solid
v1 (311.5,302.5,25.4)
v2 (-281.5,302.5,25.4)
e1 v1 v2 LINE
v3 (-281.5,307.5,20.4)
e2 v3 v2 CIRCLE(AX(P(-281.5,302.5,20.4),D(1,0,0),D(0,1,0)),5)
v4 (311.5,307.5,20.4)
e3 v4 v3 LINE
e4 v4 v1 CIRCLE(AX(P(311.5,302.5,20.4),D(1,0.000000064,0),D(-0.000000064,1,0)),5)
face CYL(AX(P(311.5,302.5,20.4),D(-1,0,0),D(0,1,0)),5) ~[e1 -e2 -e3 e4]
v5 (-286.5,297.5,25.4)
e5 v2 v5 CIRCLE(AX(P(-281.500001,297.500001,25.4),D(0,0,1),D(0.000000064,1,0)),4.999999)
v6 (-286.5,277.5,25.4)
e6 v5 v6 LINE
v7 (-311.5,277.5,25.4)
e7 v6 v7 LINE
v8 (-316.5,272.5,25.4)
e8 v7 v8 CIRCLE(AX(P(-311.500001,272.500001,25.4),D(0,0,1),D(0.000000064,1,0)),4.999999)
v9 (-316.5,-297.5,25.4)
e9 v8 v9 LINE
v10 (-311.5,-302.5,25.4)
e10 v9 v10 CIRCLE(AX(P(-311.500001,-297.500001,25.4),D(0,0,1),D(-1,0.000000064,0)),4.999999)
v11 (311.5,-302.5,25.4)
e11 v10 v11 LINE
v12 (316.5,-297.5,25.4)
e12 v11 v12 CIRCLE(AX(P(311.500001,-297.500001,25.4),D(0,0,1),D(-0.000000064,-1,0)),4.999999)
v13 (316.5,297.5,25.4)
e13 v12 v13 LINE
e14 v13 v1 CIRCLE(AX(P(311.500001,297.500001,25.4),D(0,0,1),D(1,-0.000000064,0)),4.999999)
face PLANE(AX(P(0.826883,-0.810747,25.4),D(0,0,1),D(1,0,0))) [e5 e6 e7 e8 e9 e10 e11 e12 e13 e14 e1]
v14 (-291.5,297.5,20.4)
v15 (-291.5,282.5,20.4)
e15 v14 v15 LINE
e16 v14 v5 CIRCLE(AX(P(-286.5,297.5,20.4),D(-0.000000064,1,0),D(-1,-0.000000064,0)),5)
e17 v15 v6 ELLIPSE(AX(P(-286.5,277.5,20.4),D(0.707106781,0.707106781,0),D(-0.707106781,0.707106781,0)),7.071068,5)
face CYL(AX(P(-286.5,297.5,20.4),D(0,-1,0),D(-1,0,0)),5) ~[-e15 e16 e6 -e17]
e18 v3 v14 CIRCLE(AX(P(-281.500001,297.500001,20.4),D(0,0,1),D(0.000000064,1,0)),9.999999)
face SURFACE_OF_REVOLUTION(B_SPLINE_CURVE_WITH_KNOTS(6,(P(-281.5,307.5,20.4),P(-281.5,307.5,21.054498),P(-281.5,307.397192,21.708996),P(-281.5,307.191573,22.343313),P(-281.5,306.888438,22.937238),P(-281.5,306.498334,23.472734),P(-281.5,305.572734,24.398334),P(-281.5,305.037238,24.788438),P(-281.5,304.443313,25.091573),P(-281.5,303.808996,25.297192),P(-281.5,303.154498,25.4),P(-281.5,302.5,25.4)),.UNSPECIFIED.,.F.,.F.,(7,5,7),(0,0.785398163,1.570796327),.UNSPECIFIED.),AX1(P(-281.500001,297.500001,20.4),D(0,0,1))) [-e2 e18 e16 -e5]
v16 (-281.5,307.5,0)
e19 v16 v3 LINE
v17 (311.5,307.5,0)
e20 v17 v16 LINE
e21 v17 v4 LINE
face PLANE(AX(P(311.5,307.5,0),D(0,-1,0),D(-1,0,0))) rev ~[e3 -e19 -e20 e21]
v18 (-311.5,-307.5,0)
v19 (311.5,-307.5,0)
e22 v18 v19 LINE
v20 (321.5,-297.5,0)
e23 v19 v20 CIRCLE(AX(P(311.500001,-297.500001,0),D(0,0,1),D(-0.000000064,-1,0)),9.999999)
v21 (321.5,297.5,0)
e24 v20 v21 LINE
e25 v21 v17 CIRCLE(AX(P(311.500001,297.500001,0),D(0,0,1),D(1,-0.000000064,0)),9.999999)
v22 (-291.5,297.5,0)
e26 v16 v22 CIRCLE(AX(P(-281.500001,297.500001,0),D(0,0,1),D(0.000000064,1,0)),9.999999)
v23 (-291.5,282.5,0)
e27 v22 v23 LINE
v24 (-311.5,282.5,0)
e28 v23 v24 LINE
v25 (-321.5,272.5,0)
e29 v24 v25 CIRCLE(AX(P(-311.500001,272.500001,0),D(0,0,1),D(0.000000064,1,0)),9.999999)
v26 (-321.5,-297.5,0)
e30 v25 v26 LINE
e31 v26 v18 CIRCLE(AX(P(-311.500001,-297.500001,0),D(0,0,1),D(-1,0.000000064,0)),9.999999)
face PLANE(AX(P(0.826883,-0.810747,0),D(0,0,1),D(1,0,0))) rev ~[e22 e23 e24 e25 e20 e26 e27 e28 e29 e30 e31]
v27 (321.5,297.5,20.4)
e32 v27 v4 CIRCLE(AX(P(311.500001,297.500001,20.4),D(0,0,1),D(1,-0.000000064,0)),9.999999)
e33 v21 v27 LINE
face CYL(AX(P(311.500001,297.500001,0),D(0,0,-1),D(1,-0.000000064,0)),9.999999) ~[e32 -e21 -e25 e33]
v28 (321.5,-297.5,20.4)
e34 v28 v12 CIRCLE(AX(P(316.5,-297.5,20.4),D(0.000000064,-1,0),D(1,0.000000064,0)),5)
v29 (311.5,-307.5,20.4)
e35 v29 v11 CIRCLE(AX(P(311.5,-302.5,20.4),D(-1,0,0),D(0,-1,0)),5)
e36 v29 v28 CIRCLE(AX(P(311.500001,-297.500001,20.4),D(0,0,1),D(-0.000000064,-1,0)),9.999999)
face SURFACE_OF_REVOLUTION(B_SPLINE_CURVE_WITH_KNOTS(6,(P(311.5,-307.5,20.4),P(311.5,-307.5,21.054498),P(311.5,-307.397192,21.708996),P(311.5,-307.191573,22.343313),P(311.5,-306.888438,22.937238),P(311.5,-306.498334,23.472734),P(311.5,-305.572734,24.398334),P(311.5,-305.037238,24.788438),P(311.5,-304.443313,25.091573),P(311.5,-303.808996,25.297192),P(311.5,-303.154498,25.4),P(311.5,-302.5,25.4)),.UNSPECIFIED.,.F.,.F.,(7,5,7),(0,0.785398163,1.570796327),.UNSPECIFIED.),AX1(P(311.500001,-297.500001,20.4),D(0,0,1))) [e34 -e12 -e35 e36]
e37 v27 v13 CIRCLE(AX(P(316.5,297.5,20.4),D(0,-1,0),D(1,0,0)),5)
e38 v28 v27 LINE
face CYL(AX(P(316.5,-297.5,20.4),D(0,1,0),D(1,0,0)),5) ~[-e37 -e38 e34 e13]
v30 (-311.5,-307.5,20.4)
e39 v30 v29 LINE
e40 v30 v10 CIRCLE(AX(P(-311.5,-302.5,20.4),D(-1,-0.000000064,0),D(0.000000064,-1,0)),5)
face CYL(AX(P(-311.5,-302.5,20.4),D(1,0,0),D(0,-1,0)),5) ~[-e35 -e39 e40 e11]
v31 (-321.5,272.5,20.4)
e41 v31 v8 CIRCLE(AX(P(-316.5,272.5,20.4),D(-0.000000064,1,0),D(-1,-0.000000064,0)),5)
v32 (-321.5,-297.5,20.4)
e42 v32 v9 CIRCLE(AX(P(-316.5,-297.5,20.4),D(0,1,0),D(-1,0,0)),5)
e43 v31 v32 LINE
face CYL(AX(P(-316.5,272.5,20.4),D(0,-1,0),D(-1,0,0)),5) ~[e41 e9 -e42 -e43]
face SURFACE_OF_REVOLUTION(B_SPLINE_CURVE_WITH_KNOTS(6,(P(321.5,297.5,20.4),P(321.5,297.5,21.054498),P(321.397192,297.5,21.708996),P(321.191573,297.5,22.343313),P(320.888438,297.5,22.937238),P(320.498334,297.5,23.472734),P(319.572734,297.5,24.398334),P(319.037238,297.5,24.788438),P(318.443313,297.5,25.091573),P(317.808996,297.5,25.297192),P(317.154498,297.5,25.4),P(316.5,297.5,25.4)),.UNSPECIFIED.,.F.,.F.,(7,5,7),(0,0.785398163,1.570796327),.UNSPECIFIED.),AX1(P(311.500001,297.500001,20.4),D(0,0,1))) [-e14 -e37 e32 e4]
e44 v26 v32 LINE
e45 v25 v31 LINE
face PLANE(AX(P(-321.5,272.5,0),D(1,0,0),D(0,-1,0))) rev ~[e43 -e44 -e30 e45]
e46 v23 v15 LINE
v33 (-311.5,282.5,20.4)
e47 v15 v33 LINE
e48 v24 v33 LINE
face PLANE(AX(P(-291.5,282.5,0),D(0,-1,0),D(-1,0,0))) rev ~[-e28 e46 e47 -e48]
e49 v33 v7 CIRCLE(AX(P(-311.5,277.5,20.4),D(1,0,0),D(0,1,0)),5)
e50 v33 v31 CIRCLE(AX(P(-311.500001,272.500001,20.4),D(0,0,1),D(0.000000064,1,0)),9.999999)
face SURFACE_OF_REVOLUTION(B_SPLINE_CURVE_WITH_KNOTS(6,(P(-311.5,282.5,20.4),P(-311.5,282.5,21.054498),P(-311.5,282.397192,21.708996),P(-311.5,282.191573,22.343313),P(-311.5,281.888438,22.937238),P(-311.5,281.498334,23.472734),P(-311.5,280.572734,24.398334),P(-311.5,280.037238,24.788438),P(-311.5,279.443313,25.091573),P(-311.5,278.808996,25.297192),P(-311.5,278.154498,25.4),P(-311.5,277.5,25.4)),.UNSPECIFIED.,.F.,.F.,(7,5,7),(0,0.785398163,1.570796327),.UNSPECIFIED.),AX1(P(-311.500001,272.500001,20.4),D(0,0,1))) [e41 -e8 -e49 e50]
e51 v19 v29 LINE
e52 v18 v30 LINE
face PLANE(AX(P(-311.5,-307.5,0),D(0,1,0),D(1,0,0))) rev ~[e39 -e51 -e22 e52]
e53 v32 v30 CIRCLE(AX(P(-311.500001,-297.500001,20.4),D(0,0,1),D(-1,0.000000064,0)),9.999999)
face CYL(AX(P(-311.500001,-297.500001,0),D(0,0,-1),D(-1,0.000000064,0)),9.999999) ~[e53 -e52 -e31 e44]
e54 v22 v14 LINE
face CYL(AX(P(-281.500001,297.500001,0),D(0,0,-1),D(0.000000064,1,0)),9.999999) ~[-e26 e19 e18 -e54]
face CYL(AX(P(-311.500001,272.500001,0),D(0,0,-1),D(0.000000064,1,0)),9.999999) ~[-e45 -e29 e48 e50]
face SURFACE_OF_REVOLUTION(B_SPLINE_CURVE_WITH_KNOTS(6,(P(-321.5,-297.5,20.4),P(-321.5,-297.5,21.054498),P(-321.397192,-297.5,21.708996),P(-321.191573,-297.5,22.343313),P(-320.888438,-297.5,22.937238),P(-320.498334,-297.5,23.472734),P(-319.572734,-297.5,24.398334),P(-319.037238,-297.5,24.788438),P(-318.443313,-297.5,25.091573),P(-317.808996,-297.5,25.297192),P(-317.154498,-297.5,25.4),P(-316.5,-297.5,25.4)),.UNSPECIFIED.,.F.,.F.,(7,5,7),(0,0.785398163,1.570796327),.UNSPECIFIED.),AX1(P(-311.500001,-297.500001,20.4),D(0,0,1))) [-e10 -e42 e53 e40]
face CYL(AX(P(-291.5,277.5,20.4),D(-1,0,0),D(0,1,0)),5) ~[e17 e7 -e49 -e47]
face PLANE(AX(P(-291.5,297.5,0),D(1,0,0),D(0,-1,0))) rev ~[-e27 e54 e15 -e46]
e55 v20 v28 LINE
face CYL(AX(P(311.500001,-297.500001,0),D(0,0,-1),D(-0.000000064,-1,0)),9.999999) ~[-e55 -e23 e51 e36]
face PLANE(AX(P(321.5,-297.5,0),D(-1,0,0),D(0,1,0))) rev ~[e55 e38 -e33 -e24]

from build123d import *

# Parameters (mm, degrees)
F1_DEPTH = 25.4
F2_R     = 5


with BuildPart() as f1:
    # F0 (on Top) → F1 (new body)
    with BuildSketch(Plane.XY):
        with BuildLine():
            Line((311.5, 307.5), (-281.5, 307.5))
            ThreePointArc((-281.5, 307.5), (-288.571068, 304.571068), (-291.5, 297.5))
            Line((-291.5, 297.5), (-291.5, 282.5))
            Line((-291.5, 282.5), (-311.5, 282.5))
            ThreePointArc((-311.5, 282.5), (-318.571068, 279.571068), (-321.5, 272.5))
            Line((-321.5, 272.5), (-321.5, -297.5))
            ThreePointArc((-321.5, -297.5), (-318.571068, -304.571068), (-311.5, -307.5))
            Line((-311.5, -307.5), (311.5, -307.5))
            ThreePointArc((311.5, -307.5), (318.571068, -304.571068), (321.5, -297.5))
            Line((321.5, -297.5), (321.5, 297.5))
            ThreePointArc((321.5, 297.5), (318.571068, 304.571068), (311.5, 307.5))
        make_face()
    extrude(amount=F1_DEPTH)

    # F2
    f2_edges = [f1.edges().sort_by_distance(p)[0] for p in [
        (-321.5, -12.5, 25.4),
    ]]
    fillet(f2_edges, radius=F2_R)


solid = f1.part
